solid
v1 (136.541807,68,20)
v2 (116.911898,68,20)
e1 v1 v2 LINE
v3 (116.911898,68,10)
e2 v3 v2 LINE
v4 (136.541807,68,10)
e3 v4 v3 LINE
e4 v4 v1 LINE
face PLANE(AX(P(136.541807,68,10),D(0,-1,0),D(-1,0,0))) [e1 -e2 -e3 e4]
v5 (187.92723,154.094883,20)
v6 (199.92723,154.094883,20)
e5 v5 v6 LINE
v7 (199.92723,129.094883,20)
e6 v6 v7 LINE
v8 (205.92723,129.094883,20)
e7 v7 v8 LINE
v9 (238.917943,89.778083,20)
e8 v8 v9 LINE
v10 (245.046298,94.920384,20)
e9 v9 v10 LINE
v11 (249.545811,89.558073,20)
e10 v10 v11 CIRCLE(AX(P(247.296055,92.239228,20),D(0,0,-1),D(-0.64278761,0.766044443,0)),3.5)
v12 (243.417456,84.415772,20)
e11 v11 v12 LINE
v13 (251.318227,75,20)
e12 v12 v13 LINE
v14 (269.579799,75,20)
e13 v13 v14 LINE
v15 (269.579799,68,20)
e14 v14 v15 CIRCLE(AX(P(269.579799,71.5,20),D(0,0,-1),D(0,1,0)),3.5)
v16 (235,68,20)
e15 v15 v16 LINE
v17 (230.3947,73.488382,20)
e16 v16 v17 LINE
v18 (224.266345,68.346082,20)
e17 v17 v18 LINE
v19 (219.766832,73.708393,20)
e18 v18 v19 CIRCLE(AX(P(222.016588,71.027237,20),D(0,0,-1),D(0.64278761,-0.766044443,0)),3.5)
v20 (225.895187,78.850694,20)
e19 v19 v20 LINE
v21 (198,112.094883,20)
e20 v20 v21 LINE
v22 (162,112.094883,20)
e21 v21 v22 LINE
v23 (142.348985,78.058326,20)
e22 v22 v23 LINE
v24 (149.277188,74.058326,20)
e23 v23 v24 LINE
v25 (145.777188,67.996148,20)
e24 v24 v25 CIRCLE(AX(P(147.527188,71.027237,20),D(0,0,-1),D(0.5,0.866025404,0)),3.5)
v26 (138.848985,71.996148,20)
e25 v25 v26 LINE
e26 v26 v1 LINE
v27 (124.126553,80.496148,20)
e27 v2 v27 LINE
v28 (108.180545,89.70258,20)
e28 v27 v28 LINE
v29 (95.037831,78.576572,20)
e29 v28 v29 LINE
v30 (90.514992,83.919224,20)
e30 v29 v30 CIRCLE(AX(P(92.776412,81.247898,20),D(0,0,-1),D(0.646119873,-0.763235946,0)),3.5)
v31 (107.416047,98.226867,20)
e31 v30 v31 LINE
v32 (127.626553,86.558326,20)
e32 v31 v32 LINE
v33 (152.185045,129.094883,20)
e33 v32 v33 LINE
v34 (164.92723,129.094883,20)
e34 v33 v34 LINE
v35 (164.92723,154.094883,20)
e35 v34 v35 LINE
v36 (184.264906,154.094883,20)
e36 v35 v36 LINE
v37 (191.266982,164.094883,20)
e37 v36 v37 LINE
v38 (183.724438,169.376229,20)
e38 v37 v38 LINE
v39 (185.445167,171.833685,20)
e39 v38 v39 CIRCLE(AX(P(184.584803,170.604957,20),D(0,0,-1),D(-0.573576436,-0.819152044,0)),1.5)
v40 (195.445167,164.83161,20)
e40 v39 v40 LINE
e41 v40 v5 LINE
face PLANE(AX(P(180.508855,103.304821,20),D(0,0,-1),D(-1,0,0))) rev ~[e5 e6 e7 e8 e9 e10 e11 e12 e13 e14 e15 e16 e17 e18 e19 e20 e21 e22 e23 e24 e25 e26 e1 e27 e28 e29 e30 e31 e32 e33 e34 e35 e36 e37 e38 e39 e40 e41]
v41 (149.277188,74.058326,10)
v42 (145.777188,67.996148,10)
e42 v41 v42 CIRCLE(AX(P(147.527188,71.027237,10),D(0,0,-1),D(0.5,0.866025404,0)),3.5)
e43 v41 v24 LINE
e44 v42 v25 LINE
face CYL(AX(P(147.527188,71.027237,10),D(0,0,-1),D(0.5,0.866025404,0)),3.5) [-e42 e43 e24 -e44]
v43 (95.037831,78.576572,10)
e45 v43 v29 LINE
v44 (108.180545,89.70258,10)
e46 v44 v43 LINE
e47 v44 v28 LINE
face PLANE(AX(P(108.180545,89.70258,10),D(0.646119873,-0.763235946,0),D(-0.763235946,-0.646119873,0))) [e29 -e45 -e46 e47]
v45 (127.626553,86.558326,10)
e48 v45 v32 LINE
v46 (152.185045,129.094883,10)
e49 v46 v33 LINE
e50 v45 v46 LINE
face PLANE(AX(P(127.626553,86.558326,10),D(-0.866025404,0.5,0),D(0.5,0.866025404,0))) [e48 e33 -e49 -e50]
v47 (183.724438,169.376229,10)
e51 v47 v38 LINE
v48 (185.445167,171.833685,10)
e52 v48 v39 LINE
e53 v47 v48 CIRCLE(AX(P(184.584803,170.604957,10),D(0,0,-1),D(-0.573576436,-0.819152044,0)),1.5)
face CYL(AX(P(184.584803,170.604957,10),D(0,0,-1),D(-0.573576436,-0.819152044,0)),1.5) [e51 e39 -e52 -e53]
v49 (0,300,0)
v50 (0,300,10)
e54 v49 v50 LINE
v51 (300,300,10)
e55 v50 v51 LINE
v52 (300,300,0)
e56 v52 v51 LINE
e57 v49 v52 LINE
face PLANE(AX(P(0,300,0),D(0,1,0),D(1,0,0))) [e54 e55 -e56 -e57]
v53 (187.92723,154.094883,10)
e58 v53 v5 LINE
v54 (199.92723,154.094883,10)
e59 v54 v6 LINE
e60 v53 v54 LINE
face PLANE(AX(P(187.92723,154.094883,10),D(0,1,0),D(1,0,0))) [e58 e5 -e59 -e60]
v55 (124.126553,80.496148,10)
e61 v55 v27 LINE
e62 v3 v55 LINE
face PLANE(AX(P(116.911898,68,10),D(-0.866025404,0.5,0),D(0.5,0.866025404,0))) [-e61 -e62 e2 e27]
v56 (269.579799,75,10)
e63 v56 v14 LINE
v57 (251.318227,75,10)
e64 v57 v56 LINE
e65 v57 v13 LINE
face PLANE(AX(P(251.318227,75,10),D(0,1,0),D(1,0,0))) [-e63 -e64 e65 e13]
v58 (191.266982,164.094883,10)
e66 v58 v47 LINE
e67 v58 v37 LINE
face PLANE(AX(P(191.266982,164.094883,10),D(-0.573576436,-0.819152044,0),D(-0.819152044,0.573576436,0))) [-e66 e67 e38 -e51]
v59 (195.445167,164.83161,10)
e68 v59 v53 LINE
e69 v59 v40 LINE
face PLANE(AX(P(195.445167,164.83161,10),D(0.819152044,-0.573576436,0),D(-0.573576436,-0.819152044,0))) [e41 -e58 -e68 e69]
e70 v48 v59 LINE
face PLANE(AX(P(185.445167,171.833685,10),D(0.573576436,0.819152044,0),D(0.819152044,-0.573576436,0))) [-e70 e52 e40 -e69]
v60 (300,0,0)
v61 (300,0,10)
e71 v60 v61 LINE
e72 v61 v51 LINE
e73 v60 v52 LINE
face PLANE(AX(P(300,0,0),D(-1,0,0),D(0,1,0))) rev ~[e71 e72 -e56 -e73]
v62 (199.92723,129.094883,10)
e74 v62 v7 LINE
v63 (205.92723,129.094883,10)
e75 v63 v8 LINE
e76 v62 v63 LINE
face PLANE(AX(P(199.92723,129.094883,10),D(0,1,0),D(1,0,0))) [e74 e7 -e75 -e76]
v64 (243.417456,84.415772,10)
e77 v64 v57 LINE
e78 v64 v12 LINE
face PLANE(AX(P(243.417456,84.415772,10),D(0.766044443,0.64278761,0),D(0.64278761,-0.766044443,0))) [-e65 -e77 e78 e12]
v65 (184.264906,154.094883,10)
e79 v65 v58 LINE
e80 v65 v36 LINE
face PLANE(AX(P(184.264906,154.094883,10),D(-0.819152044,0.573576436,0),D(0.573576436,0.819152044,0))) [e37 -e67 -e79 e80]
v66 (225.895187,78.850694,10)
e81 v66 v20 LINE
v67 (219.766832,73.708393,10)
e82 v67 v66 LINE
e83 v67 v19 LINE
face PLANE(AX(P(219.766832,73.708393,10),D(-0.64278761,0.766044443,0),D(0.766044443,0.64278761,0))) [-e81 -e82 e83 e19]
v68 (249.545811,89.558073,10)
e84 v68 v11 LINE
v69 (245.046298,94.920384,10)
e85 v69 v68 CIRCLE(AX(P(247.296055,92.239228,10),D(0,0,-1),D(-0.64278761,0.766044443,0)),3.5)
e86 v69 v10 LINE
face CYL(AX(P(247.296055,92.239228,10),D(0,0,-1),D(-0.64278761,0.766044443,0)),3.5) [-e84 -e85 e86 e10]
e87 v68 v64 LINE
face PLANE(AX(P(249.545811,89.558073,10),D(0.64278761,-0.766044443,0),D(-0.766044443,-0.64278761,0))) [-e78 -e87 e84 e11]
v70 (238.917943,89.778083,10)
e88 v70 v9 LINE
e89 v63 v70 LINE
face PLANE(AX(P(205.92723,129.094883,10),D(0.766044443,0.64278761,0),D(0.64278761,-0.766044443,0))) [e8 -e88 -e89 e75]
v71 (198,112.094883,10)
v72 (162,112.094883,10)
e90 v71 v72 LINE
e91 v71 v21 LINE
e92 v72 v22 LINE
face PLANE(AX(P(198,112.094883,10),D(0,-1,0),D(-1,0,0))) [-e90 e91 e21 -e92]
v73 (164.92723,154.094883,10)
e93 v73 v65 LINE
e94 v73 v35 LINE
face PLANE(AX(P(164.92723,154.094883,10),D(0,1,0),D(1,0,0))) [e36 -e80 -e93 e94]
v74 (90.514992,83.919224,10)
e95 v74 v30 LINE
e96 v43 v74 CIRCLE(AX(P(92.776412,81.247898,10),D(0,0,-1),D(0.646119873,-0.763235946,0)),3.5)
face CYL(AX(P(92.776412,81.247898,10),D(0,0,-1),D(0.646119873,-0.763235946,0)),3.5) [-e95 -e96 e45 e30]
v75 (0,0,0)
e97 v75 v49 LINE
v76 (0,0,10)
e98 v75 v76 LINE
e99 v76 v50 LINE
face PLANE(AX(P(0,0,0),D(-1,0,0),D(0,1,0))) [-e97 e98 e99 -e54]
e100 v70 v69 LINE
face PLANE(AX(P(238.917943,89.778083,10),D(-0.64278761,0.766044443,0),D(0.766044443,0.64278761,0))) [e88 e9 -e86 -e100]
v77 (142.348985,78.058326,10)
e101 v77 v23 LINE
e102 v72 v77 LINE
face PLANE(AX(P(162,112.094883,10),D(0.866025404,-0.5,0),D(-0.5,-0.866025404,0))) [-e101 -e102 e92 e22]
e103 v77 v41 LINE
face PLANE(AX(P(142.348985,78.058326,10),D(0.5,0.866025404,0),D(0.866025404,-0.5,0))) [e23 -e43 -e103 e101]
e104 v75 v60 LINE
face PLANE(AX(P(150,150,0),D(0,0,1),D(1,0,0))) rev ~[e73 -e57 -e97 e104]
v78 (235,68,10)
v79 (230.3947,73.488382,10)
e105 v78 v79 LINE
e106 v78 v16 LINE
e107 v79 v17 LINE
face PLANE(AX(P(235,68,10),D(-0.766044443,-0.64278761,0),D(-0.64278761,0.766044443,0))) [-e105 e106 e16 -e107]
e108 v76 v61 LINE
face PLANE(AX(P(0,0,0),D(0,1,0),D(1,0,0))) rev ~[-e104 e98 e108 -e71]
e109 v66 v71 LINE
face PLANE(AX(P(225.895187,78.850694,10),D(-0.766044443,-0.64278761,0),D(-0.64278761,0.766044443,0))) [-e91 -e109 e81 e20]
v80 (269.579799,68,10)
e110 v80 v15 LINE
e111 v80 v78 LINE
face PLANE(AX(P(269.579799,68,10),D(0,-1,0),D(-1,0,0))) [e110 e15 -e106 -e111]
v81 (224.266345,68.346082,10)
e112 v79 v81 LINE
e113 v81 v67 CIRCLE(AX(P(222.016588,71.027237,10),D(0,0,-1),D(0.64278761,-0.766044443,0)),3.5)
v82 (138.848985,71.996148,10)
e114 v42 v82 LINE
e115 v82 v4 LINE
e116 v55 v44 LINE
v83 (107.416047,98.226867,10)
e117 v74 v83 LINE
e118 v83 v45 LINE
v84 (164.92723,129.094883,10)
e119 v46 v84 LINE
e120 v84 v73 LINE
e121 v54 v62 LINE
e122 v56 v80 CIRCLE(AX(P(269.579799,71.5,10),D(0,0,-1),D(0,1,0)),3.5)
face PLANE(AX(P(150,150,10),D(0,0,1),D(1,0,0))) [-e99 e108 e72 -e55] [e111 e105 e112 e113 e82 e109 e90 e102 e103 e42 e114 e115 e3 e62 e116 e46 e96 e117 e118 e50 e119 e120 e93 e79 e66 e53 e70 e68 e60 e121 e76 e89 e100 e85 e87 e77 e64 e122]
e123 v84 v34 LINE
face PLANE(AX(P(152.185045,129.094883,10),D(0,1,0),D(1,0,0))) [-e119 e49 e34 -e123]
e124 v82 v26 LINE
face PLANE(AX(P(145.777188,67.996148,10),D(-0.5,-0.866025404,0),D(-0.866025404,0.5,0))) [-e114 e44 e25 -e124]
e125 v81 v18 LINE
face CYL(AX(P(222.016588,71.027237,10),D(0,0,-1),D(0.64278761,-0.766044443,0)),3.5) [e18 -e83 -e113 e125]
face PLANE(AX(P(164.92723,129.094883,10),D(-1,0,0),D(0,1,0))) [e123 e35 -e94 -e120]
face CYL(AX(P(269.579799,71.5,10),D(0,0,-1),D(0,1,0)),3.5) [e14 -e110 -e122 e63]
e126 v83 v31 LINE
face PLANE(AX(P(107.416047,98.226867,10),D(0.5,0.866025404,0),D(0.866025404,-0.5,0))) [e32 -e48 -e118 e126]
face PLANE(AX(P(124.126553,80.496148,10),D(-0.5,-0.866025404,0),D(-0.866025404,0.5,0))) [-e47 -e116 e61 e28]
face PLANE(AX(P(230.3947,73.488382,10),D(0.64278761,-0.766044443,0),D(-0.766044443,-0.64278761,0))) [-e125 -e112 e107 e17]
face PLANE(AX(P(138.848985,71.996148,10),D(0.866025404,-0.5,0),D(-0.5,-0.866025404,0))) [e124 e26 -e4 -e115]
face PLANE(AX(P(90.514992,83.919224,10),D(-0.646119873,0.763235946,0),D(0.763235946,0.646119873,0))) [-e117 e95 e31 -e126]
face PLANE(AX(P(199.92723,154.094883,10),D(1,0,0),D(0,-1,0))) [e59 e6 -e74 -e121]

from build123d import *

# Parameters (mm, degrees)
SKICA1_W                = 300
SKICA1_H                = 300
P_IDAT_VYSUNUT_M1_DEPTH = 10
P_IDAT_VYSUNUT_M3_DEPTH = 10


with BuildPart() as part:
    # Skica1 → Přidat vysunutím1 (new body)
    with BuildSketch(Plane.XY):
        with Locations((150, 150)):
            Rectangle(SKICA1_W, SKICA1_H)
    extrude(amount=P_IDAT_VYSUNUT_M1_DEPTH)

    # Skica3 → Přidat vysunutím3 (add)
    with BuildSketch(Plane.XY.offset(10)):
        with BuildLine():
            Line((116.91189832, 68), (124.126552838, 80.496148184))
            Line((124.126552838, 80.496148184), (108.180545378, 89.702579884))
            Line((108.180545378, 89.702579884), (95.03783106, 78.576572328))
            ThreePointArc((95.03783106, 78.576572328), (90.105085693, 78.986478585), (90.514991949, 83.919223952))
            Line((90.514991949, 83.919223952), (107.416046941, 98.226867031))
            Line((107.416046941, 98.226867031), (127.626552838, 86.55832601))
            Line((127.626552838, 86.55832601), (152.185045424, 129.094882926))
            Line((152.185045424, 129.094882926), (164.927230189, 129.094882926))
            Line((164.927230189, 129.094882926), (164.927230189, 154.094882926))
            Line((164.927230189, 154.094882926), (184.264906422, 154.094882926))
            Line((184.264906422, 154.094882926), (191.266981804, 164.094882926))
            Line((191.266981804, 164.094882926), (183.724437937, 169.376228999))
            ThreePointArc((183.724437937, 169.376228999), (183.356074525, 171.46532172), (185.445167246, 171.833685132))
            Line((185.445167246, 171.833685132), (195.445167246, 164.83160975))
            Line((195.445167246, 164.83160975), (187.927230189, 154.094882926))
            Line((187.927230189, 154.094882926), (199.927230189, 154.094882926))
            Line((199.927230189, 154.094882926), (199.927230189, 129.094882926))
            Line((199.927230189, 129.094882926), (205.927230189, 129.094882926))
            Line((205.927230189, 129.094882926), (238.917942598, 89.77808289))
            Line((238.917942598, 89.77808289), (245.046298143, 94.920383768))
            ThreePointArc((245.046298143, 94.920383768), (249.977210328, 94.488984851), (249.54581141, 89.558072666))
            Line((249.54581141, 89.558072666), (243.417455866, 84.415771788))
            Line((243.417455866, 84.415771788), (251.3182265, 75))
            Line((251.3182265, 75), (269.579798581, 75))
            ThreePointArc((269.579798581, 75), (273.079798581, 71.5), (269.579798581, 68))
            Line((269.579798581, 68), (235, 68))
            Line((235, 68), (230.394700333, 73.488382424))
            Line((230.394700333, 73.488382424), (224.266344788, 68.346081546))
            ThreePointArc((224.266344788, 68.346081546), (219.335432603, 68.777480463), (219.76683152, 73.708392648))
            Line((219.76683152, 73.708392648), (225.895187065, 78.850693526))
            Line((225.895187065, 78.850693526), (198, 112.094882926))
            Line((198, 112.094882926), (162, 112.094882926))
            Line((162, 112.094882926), (142.348984702, 78.05832601))
            Line((142.348984702, 78.05832601), (149.277187933, 74.05832601))
            ThreePointArc((149.277187933, 74.05832601), (150.558276846, 69.277237097), (145.777187933, 67.996148184))
            Line((145.777187933, 67.996148184), (138.848984702, 71.996148184))
            Line((138.848984702, 71.996148184), (136.541807473, 68))
            Line((136.541807473, 68), (116.91189832, 68))
        make_face()
    extrude(amount=P_IDAT_VYSUNUT_M3_DEPTH)


solid = part.part
